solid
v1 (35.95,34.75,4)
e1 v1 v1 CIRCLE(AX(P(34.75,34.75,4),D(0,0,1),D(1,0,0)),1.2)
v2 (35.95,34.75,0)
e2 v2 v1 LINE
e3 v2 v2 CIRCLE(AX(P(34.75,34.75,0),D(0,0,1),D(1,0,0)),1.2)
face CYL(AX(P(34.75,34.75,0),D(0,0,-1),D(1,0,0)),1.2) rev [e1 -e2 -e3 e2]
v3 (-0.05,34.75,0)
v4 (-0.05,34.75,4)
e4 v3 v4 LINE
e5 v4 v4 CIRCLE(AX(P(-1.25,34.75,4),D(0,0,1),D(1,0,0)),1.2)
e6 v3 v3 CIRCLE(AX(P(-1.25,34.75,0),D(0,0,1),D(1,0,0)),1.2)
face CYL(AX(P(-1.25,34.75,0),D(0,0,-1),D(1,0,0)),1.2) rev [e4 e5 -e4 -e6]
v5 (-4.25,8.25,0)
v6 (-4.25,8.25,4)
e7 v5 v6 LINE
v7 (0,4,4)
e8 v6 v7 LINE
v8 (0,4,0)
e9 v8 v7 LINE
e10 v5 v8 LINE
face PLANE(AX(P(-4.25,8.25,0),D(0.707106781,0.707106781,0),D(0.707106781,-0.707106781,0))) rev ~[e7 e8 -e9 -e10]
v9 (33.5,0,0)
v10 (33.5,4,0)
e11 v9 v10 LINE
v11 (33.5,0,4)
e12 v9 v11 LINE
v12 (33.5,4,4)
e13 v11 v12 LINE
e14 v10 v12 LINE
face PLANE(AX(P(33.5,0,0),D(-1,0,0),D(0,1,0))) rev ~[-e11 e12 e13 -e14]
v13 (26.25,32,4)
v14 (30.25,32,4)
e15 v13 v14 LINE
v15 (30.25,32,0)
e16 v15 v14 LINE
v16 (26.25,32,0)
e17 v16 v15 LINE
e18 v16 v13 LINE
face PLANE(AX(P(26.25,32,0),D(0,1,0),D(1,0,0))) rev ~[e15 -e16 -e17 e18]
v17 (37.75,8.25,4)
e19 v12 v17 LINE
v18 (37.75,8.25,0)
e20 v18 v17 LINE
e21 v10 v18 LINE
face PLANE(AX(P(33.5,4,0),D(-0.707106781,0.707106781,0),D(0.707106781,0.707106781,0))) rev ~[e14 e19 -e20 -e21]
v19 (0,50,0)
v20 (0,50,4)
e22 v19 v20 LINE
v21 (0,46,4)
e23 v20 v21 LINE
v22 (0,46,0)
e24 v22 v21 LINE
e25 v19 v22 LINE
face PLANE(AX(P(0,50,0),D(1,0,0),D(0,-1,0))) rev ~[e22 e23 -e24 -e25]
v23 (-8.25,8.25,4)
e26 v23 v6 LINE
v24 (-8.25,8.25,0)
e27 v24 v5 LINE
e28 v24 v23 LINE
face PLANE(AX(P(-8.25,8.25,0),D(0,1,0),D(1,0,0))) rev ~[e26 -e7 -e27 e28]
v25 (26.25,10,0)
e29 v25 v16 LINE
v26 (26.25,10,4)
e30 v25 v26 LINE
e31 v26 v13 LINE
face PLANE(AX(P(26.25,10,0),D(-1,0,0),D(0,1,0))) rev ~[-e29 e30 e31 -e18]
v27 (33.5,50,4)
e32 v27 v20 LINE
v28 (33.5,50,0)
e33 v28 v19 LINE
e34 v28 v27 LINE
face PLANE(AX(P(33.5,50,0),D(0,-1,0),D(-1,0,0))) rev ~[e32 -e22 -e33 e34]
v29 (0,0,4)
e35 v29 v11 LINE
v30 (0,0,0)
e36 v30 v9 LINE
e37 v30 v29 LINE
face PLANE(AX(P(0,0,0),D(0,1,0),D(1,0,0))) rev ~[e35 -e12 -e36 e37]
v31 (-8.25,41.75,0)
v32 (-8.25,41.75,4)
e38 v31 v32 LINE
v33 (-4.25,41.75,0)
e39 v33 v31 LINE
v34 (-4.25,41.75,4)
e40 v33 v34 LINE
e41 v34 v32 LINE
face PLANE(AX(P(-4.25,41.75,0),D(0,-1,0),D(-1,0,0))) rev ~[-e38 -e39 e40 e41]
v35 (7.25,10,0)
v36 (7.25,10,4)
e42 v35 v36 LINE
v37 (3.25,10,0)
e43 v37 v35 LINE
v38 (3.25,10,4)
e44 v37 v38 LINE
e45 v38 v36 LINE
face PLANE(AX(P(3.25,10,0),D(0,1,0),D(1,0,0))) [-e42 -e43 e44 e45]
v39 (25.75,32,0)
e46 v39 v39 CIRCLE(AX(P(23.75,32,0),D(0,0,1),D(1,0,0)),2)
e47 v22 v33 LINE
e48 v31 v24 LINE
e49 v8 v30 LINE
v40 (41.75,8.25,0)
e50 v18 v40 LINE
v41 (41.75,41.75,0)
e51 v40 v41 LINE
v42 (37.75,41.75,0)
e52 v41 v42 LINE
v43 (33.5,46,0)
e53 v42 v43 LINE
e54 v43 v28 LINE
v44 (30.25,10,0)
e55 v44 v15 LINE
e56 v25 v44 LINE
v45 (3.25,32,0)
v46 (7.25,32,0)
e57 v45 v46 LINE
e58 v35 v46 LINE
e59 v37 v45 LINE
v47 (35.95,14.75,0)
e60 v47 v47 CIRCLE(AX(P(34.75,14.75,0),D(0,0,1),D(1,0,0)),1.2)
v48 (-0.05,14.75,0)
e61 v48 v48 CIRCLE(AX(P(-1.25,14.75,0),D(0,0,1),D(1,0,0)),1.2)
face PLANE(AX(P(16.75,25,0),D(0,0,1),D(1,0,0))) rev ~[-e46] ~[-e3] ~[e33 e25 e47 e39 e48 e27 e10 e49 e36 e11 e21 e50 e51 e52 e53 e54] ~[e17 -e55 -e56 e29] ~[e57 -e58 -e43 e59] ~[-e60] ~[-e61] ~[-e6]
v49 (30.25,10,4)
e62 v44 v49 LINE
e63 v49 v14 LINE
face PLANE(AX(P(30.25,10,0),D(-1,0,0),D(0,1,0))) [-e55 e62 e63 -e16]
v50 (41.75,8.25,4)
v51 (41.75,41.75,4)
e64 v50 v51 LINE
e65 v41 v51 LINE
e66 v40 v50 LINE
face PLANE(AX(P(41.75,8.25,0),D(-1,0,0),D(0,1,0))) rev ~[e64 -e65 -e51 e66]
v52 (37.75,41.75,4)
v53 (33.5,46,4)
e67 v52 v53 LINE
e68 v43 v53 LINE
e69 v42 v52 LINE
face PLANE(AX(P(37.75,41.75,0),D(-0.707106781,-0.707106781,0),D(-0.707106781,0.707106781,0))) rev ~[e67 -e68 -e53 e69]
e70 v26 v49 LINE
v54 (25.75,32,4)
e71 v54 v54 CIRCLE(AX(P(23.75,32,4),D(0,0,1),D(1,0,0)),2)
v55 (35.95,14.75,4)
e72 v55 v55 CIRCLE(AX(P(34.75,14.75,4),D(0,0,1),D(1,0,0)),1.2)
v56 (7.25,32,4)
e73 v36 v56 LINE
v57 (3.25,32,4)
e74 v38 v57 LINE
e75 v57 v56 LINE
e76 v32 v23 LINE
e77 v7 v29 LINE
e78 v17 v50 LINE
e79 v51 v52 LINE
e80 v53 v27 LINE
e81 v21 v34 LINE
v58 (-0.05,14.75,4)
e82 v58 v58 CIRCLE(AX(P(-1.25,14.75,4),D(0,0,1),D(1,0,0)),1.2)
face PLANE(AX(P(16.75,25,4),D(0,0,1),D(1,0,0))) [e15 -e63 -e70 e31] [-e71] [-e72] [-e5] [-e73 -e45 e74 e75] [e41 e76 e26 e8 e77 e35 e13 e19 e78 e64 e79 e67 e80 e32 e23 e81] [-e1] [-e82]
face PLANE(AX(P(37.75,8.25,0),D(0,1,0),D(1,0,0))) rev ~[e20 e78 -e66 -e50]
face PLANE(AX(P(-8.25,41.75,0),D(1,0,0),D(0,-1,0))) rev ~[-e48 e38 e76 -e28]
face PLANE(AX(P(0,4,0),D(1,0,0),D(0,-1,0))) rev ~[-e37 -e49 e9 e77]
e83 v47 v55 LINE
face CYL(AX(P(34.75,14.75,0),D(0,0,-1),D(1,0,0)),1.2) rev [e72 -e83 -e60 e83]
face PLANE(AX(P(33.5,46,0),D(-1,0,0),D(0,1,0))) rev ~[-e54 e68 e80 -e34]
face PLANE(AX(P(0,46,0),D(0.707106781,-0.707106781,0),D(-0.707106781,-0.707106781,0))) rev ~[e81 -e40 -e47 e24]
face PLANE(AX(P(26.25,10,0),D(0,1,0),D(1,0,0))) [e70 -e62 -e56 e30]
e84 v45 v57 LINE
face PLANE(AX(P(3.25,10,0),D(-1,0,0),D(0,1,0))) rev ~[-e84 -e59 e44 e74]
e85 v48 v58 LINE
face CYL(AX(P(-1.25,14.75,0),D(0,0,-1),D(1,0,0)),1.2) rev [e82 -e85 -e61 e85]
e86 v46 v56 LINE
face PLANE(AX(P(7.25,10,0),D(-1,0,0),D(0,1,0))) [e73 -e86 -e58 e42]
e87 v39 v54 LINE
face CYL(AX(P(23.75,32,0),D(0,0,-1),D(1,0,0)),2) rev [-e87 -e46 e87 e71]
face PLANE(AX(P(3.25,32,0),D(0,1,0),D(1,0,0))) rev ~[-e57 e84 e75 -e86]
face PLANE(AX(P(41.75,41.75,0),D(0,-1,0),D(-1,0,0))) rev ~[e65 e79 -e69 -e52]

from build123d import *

# Parameters (mm, degrees)
SKETCH_R   = 1.2
SKETCH_R_2 = 2
SKETCH_W   = 4
SKETCH_H   = 22
PAD_DEPTH  = 4


with BuildPart() as part:
    # Sketch → Pad (new body)
    with BuildSketch(Plane.XY):
        Polygon((0, 0), (33.5, 0), (33.5, 4), (37.75, 8.25), (41.75, 8.25), (41.75, 41.75), (37.75, 41.75), (33.5, 46), (33.5, 50), (0, 50), (0, 46), (-4.25, 41.75), (-8.25, 41.75), (-8.25, 8.25), (-4.25, 8.25), (0, 4), align=None)
        with Locations((-1.25, 34.75)):
            Circle(SKETCH_R, mode=Mode.SUBTRACT)
        with Locations((-1.25, 14.75)):
            Circle(SKETCH_R, mode=Mode.SUBTRACT)
        with Locations((34.75, 14.75)):
            Circle(SKETCH_R, mode=Mode.SUBTRACT)
        with Locations((34.75, 34.75)):
            Circle(SKETCH_R, mode=Mode.SUBTRACT)
        with Locations((23.75, 32)):
            Circle(SKETCH_R_2, mode=Mode.SUBTRACT)
        with Locations((5.25, 21)):
            Rectangle(SKETCH_W, SKETCH_H, mode=Mode.SUBTRACT)
        with Locations((28.25, 21)):
            Rectangle(SKETCH_W, SKETCH_H, mode=Mode.SUBTRACT)
    extrude(amount=PAD_DEPTH)


solid = part.part
